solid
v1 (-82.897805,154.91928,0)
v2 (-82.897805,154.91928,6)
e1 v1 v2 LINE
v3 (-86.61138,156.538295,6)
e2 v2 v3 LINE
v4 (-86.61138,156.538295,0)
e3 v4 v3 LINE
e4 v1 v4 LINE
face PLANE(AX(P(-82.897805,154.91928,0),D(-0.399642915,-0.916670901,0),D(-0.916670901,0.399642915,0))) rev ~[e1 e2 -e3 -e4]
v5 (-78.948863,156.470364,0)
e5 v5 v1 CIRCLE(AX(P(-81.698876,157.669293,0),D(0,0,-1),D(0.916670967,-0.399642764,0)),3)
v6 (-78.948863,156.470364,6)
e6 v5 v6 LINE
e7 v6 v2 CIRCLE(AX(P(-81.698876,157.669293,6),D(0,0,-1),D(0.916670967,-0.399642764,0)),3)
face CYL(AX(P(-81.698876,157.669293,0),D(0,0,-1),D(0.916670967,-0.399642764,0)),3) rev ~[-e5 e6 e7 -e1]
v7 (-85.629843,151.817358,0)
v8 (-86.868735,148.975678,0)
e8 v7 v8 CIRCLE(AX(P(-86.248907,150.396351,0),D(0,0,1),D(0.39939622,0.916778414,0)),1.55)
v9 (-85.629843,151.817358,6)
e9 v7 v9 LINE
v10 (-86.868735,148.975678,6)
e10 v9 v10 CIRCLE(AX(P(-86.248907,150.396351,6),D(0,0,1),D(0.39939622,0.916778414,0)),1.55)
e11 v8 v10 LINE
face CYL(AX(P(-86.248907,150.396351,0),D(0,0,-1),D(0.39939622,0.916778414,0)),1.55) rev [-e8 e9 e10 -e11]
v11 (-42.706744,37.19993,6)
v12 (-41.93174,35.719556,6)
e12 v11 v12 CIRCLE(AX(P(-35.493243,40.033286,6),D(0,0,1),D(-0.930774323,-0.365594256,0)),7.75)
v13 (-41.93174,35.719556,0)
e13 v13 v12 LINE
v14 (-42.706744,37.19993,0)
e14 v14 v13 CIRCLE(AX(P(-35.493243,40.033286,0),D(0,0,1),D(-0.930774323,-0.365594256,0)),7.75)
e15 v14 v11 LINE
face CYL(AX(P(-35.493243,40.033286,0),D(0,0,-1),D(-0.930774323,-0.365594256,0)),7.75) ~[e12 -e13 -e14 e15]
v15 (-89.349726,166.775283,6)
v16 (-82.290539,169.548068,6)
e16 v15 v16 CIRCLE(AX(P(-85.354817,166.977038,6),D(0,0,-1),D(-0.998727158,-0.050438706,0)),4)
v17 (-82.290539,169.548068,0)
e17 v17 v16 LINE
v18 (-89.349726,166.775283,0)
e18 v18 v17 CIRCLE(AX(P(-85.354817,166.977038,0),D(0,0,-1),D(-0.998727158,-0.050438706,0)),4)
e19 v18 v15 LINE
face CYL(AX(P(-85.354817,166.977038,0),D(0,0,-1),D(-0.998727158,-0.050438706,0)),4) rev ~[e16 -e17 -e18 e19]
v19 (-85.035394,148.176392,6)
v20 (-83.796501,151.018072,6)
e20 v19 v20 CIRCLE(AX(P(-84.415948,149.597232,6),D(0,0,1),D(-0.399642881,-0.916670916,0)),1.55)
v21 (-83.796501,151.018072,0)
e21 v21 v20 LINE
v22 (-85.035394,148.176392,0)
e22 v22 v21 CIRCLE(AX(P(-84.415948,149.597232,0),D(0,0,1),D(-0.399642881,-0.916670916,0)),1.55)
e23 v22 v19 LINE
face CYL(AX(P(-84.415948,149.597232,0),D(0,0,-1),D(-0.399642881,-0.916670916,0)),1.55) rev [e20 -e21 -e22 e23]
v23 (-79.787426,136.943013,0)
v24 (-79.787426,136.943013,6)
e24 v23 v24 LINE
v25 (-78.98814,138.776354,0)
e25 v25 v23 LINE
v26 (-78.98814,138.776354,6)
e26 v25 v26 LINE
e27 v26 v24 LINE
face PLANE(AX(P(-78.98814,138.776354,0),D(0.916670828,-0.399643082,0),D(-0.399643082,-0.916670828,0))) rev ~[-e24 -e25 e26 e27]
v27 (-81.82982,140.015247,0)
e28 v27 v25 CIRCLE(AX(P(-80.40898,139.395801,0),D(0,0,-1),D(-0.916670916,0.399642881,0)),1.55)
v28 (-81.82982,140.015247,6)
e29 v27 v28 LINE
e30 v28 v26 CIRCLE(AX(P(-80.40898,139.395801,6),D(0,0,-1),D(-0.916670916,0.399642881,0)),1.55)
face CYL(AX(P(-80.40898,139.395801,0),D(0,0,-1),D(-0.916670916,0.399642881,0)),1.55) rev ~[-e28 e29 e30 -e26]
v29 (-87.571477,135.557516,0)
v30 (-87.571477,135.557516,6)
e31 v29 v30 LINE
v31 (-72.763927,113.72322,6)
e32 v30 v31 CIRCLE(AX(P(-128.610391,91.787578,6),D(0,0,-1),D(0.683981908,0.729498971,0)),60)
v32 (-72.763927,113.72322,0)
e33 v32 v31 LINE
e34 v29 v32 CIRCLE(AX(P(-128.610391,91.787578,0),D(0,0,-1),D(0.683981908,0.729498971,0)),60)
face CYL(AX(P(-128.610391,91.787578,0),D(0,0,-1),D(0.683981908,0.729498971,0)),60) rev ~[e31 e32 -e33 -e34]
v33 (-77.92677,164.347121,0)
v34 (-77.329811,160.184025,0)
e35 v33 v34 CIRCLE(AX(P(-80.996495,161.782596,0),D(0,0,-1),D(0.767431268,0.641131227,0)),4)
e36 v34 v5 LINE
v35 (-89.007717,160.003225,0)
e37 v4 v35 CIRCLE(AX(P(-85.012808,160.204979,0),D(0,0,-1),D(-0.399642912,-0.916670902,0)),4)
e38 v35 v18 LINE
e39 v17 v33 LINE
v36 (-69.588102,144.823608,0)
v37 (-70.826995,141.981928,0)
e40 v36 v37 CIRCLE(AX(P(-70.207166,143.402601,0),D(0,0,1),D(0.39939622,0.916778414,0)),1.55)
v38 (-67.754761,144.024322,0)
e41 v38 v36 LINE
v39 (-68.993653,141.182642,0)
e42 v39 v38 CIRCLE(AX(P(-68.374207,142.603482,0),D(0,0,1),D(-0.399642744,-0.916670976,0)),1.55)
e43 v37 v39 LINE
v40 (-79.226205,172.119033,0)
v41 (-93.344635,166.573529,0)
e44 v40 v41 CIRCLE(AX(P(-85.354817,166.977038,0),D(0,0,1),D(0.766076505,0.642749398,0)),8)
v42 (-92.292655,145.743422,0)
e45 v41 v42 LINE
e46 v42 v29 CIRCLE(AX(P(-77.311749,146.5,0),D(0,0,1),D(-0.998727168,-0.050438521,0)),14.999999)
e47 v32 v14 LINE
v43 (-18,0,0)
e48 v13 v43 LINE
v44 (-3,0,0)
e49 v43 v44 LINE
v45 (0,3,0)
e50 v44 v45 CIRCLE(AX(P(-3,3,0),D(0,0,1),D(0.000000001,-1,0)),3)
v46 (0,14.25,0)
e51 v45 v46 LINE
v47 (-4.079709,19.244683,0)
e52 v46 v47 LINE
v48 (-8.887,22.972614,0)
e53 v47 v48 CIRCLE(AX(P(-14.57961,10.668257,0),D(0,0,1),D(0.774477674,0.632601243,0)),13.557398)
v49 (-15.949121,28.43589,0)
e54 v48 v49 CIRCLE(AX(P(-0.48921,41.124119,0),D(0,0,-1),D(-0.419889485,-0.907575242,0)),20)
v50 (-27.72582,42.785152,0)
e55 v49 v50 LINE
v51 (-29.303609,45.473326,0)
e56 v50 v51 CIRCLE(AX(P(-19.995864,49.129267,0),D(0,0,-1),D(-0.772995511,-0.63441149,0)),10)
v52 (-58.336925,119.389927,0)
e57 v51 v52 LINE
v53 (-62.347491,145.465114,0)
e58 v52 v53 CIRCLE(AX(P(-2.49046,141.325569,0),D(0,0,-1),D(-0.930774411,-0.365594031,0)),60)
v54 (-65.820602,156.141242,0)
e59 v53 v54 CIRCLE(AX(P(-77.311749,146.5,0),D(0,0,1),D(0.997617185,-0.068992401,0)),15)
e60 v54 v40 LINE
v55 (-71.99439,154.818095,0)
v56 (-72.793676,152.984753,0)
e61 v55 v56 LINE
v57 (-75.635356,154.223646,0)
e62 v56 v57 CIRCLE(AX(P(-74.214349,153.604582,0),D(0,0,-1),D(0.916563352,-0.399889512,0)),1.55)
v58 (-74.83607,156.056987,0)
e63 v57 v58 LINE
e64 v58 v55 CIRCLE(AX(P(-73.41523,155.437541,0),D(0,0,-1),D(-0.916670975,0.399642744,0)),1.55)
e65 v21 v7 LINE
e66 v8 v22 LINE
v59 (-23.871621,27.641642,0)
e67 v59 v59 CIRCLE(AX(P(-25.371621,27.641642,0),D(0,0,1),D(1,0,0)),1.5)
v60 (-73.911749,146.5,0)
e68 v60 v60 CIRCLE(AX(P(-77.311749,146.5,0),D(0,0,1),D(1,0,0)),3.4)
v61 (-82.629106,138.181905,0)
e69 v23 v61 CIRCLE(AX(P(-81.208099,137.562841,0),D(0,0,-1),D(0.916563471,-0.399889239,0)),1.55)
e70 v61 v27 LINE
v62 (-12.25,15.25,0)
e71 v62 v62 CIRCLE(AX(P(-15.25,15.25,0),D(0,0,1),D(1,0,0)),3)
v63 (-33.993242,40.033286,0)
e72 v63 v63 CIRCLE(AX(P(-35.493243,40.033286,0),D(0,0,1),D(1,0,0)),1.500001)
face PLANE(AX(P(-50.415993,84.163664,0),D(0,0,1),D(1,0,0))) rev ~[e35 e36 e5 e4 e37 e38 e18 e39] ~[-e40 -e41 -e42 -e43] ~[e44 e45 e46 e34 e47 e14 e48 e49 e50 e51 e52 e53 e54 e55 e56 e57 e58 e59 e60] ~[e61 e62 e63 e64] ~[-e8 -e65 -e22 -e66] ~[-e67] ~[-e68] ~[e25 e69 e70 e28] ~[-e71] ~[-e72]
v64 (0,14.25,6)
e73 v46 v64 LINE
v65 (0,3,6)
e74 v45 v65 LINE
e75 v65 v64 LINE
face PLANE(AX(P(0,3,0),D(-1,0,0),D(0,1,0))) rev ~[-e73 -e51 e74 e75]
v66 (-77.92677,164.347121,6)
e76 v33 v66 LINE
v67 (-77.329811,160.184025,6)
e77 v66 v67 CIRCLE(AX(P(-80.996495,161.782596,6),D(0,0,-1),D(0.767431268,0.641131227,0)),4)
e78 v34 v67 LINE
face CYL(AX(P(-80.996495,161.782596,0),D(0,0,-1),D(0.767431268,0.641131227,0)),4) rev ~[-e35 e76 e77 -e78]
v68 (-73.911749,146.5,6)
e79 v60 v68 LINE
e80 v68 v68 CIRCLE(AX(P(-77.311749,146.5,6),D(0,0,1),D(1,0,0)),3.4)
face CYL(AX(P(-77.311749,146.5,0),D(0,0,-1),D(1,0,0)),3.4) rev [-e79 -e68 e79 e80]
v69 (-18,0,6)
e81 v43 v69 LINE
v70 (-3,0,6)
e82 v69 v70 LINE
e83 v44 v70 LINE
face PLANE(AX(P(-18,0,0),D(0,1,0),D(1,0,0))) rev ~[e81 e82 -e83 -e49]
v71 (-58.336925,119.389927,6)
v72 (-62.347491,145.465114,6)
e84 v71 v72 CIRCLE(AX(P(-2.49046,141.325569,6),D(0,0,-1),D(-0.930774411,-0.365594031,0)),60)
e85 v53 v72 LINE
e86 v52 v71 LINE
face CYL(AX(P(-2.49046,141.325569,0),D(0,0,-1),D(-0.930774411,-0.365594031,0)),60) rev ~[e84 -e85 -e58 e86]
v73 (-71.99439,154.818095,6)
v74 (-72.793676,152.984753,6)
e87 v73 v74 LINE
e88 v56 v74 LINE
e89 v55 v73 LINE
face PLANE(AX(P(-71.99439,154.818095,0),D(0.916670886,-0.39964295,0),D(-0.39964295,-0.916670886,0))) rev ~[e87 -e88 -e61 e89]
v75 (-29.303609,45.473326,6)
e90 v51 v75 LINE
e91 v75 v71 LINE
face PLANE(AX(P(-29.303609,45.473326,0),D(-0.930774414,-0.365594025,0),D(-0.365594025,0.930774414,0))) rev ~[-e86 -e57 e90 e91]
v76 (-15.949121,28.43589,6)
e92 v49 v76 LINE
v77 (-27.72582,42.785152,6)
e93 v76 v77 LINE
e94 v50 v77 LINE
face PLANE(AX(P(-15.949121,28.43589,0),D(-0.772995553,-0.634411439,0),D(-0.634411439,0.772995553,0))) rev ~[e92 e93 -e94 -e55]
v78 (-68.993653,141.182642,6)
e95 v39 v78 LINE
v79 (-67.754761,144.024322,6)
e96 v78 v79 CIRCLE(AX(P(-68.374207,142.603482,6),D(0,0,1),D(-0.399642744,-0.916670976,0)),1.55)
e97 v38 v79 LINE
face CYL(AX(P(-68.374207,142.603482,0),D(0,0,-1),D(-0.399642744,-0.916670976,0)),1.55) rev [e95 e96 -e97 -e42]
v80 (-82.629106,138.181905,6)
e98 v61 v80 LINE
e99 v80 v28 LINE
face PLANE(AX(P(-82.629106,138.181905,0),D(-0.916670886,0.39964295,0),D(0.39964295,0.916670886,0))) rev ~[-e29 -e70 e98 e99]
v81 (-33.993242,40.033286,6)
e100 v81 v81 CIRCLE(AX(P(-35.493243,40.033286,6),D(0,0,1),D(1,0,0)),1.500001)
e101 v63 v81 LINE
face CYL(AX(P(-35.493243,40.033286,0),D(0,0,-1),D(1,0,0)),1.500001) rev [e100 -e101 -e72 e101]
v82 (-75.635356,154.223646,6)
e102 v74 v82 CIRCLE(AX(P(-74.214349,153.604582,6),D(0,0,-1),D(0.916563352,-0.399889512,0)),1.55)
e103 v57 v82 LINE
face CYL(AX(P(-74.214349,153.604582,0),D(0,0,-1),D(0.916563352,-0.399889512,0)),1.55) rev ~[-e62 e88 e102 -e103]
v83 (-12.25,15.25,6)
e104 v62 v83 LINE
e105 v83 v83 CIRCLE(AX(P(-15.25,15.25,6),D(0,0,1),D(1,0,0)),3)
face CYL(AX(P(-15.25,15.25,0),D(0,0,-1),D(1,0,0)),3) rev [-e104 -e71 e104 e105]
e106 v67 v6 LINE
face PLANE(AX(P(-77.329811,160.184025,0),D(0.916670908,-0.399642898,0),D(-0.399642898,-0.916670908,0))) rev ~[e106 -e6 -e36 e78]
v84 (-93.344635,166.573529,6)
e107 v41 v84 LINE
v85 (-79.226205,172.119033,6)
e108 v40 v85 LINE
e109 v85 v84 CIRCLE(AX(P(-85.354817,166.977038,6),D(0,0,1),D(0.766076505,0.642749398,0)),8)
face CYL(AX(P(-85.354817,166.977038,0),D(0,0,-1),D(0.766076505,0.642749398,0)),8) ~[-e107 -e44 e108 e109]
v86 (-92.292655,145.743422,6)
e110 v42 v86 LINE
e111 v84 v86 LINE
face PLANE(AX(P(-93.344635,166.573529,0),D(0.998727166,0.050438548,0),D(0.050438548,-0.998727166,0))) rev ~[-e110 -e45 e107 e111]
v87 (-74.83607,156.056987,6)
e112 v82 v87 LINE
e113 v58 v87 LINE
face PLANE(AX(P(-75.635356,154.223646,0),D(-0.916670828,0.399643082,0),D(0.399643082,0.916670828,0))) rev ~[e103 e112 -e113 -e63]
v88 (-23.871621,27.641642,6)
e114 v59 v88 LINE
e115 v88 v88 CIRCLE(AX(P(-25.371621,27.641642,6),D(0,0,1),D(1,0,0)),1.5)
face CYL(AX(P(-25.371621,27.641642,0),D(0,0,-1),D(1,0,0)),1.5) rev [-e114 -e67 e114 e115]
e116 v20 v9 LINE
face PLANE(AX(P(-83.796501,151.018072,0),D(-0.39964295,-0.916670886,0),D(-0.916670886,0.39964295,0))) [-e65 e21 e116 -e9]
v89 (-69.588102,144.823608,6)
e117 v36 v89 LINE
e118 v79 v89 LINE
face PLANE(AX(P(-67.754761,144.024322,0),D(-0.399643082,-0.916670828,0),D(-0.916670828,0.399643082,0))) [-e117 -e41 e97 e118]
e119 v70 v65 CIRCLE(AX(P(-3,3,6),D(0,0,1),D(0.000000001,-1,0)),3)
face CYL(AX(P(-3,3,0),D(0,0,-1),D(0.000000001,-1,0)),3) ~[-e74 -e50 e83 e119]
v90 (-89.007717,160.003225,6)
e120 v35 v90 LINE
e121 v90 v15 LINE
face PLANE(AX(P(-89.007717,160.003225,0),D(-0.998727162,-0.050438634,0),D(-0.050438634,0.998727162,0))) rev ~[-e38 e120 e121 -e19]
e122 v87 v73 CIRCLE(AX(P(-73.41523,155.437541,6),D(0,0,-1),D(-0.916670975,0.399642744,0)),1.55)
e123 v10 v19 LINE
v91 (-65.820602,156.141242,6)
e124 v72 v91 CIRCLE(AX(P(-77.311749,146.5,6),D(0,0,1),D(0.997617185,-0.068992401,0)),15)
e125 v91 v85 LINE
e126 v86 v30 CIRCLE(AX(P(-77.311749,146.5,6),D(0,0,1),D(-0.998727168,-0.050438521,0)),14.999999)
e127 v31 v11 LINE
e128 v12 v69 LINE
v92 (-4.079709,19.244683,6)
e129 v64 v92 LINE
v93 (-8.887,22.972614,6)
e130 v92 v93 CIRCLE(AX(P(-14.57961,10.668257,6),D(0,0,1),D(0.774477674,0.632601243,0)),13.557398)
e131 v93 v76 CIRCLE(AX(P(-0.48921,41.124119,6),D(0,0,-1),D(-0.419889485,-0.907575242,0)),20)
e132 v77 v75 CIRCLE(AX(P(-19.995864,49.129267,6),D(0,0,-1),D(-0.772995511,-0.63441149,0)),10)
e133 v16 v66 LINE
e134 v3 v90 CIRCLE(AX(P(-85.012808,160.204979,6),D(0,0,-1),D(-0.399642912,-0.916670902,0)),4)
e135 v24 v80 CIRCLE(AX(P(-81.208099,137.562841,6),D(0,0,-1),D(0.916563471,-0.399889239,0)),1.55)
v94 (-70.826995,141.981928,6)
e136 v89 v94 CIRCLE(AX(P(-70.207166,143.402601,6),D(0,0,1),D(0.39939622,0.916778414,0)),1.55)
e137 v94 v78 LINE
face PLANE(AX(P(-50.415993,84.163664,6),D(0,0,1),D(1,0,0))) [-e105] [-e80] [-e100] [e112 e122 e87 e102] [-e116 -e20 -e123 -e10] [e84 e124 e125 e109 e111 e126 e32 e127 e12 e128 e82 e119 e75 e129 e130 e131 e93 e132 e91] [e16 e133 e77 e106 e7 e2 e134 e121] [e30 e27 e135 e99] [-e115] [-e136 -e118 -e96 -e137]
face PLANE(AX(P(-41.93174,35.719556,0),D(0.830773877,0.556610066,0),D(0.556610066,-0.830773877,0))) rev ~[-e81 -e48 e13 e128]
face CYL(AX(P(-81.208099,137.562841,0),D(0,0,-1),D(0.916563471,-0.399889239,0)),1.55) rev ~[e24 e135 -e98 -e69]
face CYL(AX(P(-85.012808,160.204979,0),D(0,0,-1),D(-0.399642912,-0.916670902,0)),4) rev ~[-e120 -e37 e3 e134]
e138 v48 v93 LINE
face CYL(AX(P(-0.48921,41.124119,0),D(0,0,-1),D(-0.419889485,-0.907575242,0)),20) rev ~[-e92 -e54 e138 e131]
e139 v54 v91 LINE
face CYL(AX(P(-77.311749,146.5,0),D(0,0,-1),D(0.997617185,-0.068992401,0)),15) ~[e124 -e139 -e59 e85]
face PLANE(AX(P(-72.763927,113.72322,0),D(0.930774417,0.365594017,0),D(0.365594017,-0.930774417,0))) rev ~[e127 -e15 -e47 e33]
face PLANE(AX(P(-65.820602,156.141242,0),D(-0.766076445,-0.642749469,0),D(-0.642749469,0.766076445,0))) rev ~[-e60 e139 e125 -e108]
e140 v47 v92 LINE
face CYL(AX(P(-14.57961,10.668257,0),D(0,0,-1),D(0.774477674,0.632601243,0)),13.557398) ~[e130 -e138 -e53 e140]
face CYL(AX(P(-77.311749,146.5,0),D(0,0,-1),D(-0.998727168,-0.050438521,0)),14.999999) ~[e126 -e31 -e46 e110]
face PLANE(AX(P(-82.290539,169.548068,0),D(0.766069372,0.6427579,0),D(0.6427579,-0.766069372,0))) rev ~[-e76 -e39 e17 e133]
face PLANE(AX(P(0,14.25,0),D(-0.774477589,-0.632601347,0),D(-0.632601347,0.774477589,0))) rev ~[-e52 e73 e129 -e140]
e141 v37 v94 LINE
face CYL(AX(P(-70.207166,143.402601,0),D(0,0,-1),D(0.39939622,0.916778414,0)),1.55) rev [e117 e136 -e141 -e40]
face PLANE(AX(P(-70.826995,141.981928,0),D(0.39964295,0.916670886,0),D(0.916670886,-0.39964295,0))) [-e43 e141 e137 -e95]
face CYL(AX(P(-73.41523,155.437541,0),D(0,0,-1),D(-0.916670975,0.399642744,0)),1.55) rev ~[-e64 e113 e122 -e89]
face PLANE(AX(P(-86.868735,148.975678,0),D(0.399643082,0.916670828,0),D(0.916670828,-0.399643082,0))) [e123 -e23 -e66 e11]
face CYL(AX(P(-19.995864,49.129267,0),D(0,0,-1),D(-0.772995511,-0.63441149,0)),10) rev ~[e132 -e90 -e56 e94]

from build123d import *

# Parameters (mm, degrees)
CROQUIS1_R              = 3.4
CROQUIS1_R_2            = 3
CROQUIS1_R_3            = 1.5
CROQUIS1_R_4            = 1.500001004
SALIENTE_EXTRUIR1_DEPTH = 6


with BuildPart() as part:
    # Croquis1 → Saliente-Extruir1 (new body)
    with BuildSketch(Plane.XY):
        with BuildLine():
            Line((-29.303608517, 45.473325839), (-58.336924517, 119.389926839))
            ThreePointArc((-58.336924517, 119.389926839), (-61.793103757, 132.204361213), (-62.347490923, 145.46511376))
            ThreePointArc((-62.347490923, 145.46511376), (-63.047561651, 151.140362617), (-65.820602243, 156.141241988))
            Line((-65.820602243, 156.141241988), (-79.226205243, 172.119032988))
            ThreePointArc((-79.226205243, 172.119032988), (-88.279569401, 174.423233147), (-93.344634593, 166.573528977))
            Line((-93.344634593, 166.573528977), (-92.292655243, 145.743421988))
            ThreePointArc((-92.292655243, 145.743421988), (-90.920958081, 140.192116496), (-87.571476882, 135.557516032))
            ThreePointArc((-87.571476882, 135.557516032), (-78.952780907, 125.464301499), (-72.763926988, 113.723220326))
            Line((-72.763926988, 113.723220326), (-42.706743988, 37.199930326))
            ThreePointArc((-42.706743988, 37.199930326), (-42.359256153, 36.438795137), (-41.931739661, 35.719556497))
            Line((-41.931739661, 35.719556497), (-17.999999661, 4.97e-07))
            Line((-17.999999661, 4.97e-07), (-2.999999661, 4.97e-07))
            ThreePointArc((-2.999999661, 4.97e-07), (-0.878679318, 0.878680154), (3.39e-07, 3.000000497))
            Line((3.39e-07, 3.000000497), (3.39e-07, 14.250000497))
            Line((3.39e-07, 14.250000497), (-4.079708661, 19.244683497))
            ThreePointArc((-4.079708661, 19.244683497), (-6.27155818, 21.381766981), (-8.886999737, 22.972614423))
            ThreePointArc((-8.886999737, 22.972614423), (-12.726828858, 25.305121653), (-15.949120882, 28.435890212))
            Line((-15.949120882, 28.435890212), (-27.725819882, 42.785152212))
            ThreePointArc((-27.725819882, 42.785152212), (-28.620096035, 44.067386525), (-29.303608517, 45.473325839))
        make_face()
        with Locations((-77.311748512, 146.499999762)):
            Circle(CROQUIS1_R, mode=Mode.SUBTRACT)
        with Locations((-15.25, 15.25)):
            Circle(CROQUIS1_R_2, mode=Mode.SUBTRACT)
        with Locations((-25.371621, 27.641642)):
            Circle(CROQUIS1_R_3, mode=Mode.SUBTRACT)
        with Locations((-35.49324282, 40.033285892)):
            Circle(CROQUIS1_R_4, mode=Mode.SUBTRACT)
        with BuildLine():
            Line((-71.99439, 154.818095), (-72.793676, 152.984753))
            ThreePointArc((-72.793676, 152.984753), (-74.833795849, 152.18374175), (-75.635356, 154.223646))
            Line((-75.635356, 154.223646), (-74.836069921, 156.056987462))
            ThreePointArc((-74.836069921, 156.056987462), (-72.795783729, 156.858381191), (-71.99439, 154.818095))
        make_face(mode=Mode.SUBTRACT)
        with BuildLine():
            Line((-86.868735462, 148.975678079), (-85.035394, 148.176392))
            ThreePointArc((-85.035394, 148.176392), (-82.9951075, 148.9777855), (-83.796501, 151.018072))
            Line((-83.796501, 151.018072), (-85.629843, 151.817358))
            ThreePointArc((-85.629843, 151.817358), (-87.669747153, 151.015797712), (-86.868735462, 148.975678079))
        make_face(mode=Mode.SUBTRACT)
        with BuildLine():
            Line((-67.754760538, 144.024321921), (-69.588102, 144.823608))
            ThreePointArc((-69.588102, 144.823608), (-71.62800625, 144.022047849), (-70.826995, 141.981928))
            Line((-70.826995, 141.981928), (-68.993653, 141.182642))
            ThreePointArc((-68.993653, 141.182642), (-66.953366809, 141.98403573), (-67.754760538, 144.024321921))
        make_face(mode=Mode.SUBTRACT)
        with BuildLine():
            Line((-82.89780493, 154.919280048), (-86.61137993, 156.538295048))
            ThreePointArc((-86.61137993, 156.538295048), (-88.302670061, 157.929718336), (-89.007717, 160.003225))
            Line((-89.007717, 160.003225), (-89.349725675, 166.775282995))
            ThreePointArc((-89.349725675, 166.775282995), (-86.817213433, 170.700127324), (-82.290539057, 169.548068144))
            Line((-82.290539057, 169.548068144), (-77.926769806, 164.347120835))
            ThreePointArc((-77.926769806, 164.347120835), (-77.036994499, 162.350360642), (-77.32981093, 160.184025048))
            Line((-77.32981093, 160.184025048), (-78.94886318, 156.470364412))
            ThreePointArc((-78.94886318, 156.470364412), (-80.602093919, 154.876969498), (-82.89780493, 154.919280048))
        make_face(mode=Mode.SUBTRACT)
        with BuildLine():
            Line((-82.629106, 138.181905), (-81.82982, 140.015247))
            ThreePointArc((-81.82982, 140.015247), (-79.7895335, 140.8166405), (-78.98814, 138.776354))
            Line((-78.98814, 138.776354), (-79.787426079, 136.943012538))
            ThreePointArc((-79.787426079, 136.943012538), (-81.827545712, 136.142000847), (-82.629106, 138.181905))
        make_face(mode=Mode.SUBTRACT)
    extrude(amount=SALIENTE_EXTRUIR1_DEPTH)


solid = part.part
